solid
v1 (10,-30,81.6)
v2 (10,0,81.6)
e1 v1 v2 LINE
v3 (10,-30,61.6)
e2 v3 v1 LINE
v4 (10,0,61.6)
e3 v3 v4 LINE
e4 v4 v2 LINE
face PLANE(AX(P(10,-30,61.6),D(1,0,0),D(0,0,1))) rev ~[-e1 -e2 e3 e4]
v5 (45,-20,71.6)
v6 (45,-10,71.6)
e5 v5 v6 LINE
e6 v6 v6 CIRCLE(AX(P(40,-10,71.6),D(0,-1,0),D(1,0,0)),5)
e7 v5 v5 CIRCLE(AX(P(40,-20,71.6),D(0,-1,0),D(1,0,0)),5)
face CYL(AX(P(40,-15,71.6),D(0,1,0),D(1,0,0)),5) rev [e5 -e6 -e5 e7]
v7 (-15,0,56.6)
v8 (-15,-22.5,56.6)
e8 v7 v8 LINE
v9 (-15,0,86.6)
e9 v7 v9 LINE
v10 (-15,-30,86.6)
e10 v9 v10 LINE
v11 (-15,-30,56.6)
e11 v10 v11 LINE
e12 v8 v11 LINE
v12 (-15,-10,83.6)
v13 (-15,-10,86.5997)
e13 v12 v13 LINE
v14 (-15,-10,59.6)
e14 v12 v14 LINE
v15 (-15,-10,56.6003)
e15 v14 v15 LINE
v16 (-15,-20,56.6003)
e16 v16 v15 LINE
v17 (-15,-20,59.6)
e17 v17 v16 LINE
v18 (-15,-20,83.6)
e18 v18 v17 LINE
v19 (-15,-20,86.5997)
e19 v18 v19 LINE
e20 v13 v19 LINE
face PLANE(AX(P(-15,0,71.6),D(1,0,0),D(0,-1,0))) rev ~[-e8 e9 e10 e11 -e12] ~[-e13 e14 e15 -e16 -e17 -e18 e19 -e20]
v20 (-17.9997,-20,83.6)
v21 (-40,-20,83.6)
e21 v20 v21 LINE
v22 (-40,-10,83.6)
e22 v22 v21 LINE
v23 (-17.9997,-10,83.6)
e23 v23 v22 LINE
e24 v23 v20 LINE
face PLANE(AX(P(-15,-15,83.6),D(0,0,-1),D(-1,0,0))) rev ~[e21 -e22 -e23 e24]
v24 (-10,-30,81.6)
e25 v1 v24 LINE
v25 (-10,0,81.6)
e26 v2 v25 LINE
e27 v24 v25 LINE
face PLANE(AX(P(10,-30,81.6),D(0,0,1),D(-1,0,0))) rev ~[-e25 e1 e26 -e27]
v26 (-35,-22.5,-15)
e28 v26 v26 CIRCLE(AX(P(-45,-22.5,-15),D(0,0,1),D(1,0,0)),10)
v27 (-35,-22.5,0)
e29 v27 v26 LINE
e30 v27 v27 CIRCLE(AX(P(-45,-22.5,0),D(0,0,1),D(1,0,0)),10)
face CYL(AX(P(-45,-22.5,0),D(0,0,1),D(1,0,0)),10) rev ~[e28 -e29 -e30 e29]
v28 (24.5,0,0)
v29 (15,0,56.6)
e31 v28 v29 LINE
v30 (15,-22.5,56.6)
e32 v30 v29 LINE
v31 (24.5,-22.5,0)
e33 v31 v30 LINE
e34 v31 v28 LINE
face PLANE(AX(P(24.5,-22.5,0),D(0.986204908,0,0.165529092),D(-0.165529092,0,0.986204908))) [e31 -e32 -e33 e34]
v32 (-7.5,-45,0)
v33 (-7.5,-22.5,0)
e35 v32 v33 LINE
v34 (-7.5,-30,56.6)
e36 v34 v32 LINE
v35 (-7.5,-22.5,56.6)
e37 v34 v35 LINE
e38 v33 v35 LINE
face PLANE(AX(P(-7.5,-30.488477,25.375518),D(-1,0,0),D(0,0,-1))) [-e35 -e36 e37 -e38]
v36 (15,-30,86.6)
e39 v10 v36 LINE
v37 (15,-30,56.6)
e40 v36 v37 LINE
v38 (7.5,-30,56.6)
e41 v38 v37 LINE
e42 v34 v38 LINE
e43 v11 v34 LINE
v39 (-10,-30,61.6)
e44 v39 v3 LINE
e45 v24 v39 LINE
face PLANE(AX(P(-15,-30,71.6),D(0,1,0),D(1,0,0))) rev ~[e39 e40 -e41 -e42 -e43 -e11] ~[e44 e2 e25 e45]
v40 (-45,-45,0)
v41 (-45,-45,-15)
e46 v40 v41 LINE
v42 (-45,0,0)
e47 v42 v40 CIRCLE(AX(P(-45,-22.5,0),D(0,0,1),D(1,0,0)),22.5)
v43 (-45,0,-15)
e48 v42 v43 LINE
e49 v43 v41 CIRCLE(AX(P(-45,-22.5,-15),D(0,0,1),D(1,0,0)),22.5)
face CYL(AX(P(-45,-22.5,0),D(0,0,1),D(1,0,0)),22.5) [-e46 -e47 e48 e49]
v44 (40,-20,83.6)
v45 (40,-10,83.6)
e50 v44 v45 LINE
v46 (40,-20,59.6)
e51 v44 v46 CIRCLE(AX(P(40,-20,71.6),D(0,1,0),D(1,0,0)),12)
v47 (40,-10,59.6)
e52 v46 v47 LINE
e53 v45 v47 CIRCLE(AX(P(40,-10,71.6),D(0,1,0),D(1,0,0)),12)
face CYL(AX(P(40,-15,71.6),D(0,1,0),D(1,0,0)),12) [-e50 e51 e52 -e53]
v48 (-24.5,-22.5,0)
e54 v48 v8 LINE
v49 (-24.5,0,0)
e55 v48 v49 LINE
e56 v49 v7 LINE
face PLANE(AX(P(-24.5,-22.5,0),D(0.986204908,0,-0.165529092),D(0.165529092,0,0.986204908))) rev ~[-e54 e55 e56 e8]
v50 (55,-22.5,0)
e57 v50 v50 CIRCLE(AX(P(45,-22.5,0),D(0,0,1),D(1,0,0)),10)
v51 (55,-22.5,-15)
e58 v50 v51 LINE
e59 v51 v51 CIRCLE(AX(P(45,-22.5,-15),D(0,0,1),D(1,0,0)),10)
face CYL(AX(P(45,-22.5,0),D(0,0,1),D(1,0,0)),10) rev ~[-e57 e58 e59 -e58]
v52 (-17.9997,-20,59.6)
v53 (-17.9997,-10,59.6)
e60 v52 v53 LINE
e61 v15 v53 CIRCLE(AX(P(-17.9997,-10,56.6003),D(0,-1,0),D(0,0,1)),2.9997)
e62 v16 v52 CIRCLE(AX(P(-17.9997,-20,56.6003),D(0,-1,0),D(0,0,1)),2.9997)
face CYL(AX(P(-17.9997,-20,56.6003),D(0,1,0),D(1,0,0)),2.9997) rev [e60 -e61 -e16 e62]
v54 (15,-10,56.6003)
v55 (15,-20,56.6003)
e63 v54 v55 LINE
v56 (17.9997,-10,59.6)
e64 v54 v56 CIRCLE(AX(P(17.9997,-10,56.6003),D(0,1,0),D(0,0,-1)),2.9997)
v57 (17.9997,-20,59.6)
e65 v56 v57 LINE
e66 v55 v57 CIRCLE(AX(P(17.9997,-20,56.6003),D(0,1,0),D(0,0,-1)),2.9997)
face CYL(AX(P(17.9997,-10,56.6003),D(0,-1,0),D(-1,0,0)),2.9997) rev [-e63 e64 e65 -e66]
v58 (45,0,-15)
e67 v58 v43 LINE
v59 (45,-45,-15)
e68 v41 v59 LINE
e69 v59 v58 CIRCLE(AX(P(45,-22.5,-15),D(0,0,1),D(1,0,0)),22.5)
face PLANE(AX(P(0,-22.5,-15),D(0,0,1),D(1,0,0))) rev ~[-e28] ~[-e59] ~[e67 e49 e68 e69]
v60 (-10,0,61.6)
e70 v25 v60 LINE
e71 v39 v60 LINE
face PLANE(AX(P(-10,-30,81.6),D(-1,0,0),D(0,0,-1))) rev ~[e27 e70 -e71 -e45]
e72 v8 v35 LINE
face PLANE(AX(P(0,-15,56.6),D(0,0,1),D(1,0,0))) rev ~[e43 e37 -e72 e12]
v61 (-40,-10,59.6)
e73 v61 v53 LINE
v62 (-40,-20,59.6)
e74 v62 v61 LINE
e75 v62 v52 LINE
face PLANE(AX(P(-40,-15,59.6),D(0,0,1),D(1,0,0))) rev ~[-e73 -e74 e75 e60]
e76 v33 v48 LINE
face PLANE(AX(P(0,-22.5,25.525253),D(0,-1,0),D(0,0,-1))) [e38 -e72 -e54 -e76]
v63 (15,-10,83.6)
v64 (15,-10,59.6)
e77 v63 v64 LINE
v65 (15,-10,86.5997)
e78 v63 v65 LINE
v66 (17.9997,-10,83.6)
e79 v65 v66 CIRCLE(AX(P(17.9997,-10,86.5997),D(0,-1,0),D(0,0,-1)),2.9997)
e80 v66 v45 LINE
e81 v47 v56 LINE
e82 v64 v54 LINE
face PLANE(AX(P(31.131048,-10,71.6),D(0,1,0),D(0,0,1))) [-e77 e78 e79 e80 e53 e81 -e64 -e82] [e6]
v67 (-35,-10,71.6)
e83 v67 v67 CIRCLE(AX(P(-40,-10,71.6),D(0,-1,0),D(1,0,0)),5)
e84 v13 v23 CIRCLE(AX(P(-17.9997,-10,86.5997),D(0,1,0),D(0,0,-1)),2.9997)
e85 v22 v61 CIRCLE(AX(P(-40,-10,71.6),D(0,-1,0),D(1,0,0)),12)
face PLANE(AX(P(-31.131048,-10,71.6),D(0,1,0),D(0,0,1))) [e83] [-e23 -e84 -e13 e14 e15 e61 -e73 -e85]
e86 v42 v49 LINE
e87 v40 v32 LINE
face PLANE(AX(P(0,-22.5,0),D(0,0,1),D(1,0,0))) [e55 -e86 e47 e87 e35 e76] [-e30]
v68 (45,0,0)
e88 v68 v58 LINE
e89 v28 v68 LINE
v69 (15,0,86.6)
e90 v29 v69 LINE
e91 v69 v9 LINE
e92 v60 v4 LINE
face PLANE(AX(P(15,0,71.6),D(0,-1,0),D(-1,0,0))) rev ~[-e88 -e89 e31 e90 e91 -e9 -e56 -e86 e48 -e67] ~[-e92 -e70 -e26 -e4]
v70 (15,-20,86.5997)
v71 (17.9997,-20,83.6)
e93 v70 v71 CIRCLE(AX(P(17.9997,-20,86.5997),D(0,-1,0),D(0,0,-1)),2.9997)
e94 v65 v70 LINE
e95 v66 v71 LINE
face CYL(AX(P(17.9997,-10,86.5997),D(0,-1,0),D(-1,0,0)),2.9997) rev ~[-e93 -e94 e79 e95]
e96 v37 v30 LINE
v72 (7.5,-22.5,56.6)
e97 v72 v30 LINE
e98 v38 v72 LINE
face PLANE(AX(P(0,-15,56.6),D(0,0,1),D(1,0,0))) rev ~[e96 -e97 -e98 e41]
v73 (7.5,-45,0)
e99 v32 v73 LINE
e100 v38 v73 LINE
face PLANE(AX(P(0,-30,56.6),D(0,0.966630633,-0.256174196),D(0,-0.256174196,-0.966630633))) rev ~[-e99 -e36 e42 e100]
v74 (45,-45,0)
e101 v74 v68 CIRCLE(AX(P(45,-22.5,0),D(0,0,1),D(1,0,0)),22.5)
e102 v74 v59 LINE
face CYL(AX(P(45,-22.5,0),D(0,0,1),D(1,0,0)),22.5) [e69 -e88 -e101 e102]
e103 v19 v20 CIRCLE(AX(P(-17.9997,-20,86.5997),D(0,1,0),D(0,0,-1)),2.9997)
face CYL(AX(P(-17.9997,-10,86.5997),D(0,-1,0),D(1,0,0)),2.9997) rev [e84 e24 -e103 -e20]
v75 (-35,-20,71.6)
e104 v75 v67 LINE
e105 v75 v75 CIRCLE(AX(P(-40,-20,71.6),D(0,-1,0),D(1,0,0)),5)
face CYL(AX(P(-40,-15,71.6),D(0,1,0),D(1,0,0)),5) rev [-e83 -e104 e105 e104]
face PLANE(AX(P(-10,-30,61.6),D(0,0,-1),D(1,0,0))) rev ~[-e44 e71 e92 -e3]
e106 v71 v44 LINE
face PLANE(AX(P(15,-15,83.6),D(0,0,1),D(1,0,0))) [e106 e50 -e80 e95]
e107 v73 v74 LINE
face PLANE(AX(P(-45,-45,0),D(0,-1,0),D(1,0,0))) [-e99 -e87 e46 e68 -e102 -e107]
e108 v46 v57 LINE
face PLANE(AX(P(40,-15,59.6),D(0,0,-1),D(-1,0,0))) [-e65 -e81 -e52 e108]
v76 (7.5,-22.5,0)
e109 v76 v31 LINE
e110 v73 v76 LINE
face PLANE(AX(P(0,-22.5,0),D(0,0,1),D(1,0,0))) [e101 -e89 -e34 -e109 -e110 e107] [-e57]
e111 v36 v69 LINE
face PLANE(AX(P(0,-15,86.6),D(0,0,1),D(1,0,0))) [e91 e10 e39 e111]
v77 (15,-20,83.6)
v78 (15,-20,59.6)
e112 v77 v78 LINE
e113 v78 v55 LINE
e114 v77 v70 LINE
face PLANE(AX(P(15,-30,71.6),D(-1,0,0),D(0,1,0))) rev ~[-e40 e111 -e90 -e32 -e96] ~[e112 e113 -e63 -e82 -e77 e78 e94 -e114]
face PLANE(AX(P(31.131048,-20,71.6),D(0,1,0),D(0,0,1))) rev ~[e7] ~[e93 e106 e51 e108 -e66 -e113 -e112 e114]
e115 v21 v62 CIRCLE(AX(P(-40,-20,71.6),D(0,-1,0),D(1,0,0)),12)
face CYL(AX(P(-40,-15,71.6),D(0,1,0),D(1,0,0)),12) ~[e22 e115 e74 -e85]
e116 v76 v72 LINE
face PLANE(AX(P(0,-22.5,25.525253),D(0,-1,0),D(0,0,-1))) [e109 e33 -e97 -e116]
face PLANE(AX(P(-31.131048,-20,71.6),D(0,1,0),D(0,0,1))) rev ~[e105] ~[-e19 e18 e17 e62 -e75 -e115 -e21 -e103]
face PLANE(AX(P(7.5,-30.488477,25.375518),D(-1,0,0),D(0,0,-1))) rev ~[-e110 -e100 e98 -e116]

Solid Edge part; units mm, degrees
sketch "Sketch1" plane through (0, 0, 0) normal (0, 0, 1) x (1, 0, 0)
  circle A0 centre (45, -22.5) radius 10
  arc A1 (-45, 0) -> (-45, -45) centre (-45, -22.5) ccw
  line L0 (-45, -45) -> (45, -45)
  arc A2 (45, -45) -> (45, 0) centre (45, -22.5) ccw
  line L1 (0, 0) -> (45, 0)
  line L2 (0, 0) -> (-45, 0)
  circle A3 centre (-45, -22.5) radius 10
extrude "Protrusion1" add sketch "Sketch1" against normal blind 15
sketch "Sketch2" plane through (0, 0, 71.6) normal (0, 0, 1) x (1, 0, 0)
  line L0 (15, -30) -> (15, 0)
  line L1 (15, 0) -> (-15, 0)
  line L2 (-15, 0) -> (-15, -30)
  line L3 (-15, -30) -> (15, -30)
extrude "ExtrudedProtrusion_2" add sketch "Sketch2" along normal mid plane 30
sketch "Sketch3" plane through (0, -30, 71.6) normal (0, -1, 0) x (1, 0, 0)
  line L0 (10, -10) -> (10, 10)
  line L1 (10, 10) -> (-10, 10)
  line L2 (-10, 10) -> (-10, -10)
  line L3 (-10, -10) -> (10, -10)
extrude "ExtrudedCutout_1" cut sketch "Sketch3" against normal blind 30
sketch "Sketch4" plane through (0, -15, 71.6) normal (0, -1, 0) x (1, 0, 0)
  line L0 (15, 12) -> (40, 12)
  arc A0 (40, 12) -> (40, -12) centre (40, 0) cw
  line L1 (40, -12) -> (15, -12)
  line L2 (15, 12) -> (15, -12)
  circle A1 centre (40, 0) radius 5
extrude "ExtrudedProtrusion_3" add sketch "Sketch4" along normal mid plane 10
sketch "Sketch5" plane through (0, -15, 71.6) normal (0, -1, 0) x (1, 0, 0)
  line L0 (-15, 12) -> (-15, -12)
  line L1 (-40, -12) -> (-15, -12)
  arc A0 (-40, 12) -> (-40, -12) centre (-40, 0) ccw
  line L2 (-15, 12) -> (-40, 12)
  circle A1 centre (-40, 0) radius 5
extrude "ExtrudedProtrusion_4" add sketch "Sketch5" along normal mid plane 10
sketch "Sketch6" plane through (0, 0, 0) normal (1, 0, 0) x (0, 1, 0)
  line L0 (-30, 56.6) -> (-22.5, 56.6)
  line L1 (-22.5, 0) -> (-22.5, 56.6)
  line L2 (-45, 0) -> (-22.5, 0)
  line L3 (-30, 56.6) -> (-45, 0)
extrude "ExtrudedProtrusion_5" add sketch "Sketch6" along normal mid plane 15
sketch "Sketch7" plane through (0, -22.5, 0) normal (0, -1, 0) x (1, 0, 0)
  line L0 (24.5, 0) -> (15, 56.6)
  line L1 (-15, 56.6) -> (15, 56.6)
  line L2 (-24.5, 0) -> (-15, 56.6)
  line L3 (0, 0) -> (-24.5, 0)
  line L4 (0, 0) -> (24.5, 0)
extrude "ExtrudedProtrusion_6" add sketch "Sketch7" against normal blind 22.5
fillet "Round_1" radius 3 4 edges at (15, -15, 83.6) (-15, -15, 83.6) (15, -15, 59.6) (-15, -15, 59.6)
